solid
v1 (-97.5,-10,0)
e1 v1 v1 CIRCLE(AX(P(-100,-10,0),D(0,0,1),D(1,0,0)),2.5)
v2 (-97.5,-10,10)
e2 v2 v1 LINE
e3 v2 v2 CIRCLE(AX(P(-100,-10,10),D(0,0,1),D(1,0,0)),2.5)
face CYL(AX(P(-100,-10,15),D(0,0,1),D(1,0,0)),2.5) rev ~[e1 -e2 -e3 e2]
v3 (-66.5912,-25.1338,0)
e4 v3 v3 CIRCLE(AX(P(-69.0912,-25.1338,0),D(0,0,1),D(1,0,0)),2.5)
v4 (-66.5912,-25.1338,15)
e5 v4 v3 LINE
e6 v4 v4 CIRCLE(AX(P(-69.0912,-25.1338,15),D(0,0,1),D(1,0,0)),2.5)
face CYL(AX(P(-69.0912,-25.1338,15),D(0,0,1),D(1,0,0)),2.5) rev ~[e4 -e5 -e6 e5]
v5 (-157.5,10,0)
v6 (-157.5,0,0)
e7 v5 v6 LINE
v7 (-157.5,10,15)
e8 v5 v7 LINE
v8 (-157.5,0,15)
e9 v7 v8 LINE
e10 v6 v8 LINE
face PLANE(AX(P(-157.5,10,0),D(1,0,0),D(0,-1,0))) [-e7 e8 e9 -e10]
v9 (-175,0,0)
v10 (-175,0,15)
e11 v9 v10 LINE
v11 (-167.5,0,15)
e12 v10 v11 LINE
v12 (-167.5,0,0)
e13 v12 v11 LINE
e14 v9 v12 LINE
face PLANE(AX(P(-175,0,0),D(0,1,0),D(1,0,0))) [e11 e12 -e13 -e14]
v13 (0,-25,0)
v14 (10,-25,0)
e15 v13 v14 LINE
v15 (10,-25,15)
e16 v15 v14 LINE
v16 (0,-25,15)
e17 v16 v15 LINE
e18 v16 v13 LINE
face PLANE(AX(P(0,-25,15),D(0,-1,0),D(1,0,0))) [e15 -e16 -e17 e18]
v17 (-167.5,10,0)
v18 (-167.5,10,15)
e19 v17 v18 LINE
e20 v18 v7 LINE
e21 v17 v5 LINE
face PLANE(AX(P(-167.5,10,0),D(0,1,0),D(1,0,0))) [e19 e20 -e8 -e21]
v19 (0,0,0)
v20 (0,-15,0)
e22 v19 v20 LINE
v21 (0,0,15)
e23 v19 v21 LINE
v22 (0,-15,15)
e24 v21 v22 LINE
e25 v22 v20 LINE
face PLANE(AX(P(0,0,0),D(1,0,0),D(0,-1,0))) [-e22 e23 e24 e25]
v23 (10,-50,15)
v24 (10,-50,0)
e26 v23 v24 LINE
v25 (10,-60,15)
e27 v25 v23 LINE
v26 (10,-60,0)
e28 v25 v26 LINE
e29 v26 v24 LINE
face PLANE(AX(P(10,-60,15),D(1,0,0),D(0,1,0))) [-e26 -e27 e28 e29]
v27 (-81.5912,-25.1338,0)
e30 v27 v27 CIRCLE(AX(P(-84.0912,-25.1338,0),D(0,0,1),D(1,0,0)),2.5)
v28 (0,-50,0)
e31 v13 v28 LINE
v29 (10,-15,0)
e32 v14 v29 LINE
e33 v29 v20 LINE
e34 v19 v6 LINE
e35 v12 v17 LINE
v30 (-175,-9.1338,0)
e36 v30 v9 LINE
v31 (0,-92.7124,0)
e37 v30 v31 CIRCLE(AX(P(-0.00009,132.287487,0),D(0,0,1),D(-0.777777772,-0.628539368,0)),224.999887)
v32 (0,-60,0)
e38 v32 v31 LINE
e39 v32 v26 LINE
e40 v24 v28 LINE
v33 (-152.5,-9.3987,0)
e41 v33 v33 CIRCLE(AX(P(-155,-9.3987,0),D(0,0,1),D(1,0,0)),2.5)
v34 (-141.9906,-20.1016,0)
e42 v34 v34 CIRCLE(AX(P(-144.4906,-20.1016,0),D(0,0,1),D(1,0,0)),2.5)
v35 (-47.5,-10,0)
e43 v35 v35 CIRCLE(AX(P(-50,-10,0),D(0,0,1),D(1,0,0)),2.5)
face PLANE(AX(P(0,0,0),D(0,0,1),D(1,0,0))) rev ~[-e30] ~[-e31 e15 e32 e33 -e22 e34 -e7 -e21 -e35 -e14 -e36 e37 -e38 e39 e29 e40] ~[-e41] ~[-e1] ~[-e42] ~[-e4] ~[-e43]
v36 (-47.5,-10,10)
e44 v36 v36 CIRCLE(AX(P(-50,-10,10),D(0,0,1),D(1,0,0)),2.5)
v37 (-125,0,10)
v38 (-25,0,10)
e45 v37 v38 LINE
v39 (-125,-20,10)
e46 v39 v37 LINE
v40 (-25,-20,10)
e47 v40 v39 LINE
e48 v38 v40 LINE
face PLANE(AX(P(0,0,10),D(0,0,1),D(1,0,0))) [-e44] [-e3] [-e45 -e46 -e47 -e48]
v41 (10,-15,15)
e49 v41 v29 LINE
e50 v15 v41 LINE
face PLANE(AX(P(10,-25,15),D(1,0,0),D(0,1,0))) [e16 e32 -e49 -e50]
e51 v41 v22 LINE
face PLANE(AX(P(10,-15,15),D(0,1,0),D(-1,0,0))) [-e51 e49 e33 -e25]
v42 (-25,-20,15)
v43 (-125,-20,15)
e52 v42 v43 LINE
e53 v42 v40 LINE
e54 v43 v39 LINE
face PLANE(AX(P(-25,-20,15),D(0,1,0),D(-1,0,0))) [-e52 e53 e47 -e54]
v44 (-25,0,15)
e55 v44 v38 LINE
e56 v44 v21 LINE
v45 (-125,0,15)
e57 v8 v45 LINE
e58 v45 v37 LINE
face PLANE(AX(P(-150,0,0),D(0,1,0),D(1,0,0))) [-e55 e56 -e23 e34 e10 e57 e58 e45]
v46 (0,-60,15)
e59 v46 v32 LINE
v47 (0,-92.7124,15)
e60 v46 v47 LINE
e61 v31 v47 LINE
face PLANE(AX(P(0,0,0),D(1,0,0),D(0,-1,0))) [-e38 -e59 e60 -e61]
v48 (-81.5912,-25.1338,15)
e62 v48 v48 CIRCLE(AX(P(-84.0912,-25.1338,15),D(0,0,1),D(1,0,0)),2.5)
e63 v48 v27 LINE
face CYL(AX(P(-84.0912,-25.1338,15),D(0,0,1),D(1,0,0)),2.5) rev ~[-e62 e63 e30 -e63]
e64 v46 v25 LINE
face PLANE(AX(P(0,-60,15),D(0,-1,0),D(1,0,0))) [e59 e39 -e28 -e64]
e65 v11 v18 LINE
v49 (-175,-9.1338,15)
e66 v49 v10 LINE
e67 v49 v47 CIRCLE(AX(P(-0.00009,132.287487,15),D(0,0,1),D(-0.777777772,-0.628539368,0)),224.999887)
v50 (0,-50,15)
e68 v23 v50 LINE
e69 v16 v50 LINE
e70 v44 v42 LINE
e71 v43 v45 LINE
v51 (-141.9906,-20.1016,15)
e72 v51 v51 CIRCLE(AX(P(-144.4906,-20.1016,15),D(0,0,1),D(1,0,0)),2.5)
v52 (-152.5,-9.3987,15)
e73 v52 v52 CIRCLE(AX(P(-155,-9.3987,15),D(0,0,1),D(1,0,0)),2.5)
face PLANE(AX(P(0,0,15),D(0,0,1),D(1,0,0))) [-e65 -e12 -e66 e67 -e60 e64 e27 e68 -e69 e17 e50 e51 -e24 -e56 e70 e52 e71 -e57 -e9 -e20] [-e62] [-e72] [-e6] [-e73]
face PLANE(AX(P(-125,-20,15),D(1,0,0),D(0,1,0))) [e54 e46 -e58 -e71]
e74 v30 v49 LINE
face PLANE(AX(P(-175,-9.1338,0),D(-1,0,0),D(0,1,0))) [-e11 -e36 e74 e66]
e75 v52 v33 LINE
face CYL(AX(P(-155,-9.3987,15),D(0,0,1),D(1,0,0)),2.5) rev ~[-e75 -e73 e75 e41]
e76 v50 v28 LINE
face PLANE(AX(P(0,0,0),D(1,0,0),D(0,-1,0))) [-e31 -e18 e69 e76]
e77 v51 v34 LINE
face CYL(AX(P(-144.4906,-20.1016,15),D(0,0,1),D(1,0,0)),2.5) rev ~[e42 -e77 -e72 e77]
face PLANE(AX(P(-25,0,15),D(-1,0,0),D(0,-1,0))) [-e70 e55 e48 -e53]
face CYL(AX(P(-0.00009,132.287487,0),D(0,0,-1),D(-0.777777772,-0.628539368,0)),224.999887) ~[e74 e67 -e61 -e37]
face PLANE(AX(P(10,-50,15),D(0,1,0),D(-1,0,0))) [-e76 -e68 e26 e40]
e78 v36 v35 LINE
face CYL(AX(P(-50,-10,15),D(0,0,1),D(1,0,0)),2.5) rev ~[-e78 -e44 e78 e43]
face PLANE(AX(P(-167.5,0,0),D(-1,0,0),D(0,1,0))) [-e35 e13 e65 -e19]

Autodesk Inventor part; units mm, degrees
ref_plane "YZ Plane" through (0, 0, 0) normal (1, 0, 0) x (0, 1, 0)
ref_plane "XZ Plane" through (0, 0, 0) normal (0, 1, 0) x (-1, 0, 0)
ref_plane "XY Plane" through (0, 0, 0) normal (0, 0, 1) x (1, 0, 0)
sketch "Sketch1" plane through (0, 0, 0) normal (0, 0, 1) x (1, 0, 0)
  circle A0 centre (0, 132.2876) radius 225 construction
  circle A1 centre (0, 132.2876) radius 200 construction
  line L0 (-225, 132.2876) -> (-150, 132.2876) construction
  line L1 (-150, 132.2876) -> (-150, -35.4175) construction
  line L2 (-175, 132.2876) -> (-175, -9.1338) construction
  line L3 (0, 132.2876) -> (0, -92.7124) construction
  line L4 (-150, 0) -> (0, 0)
  line L5 (-175, -9.1338) -> (-175, 0)
  line L6 (0, 0) -> (0, -92.7124)
  arc A2 (-175, -9.1338) -> (0, -92.7124) centre (0, 132.2876) ccw
  line L7 (-167.5, 0) -> (-167.5, 10)
  line L8 (-167.5, 10) -> (-157.5, 10)
  line L9 (-157.5, 10) -> (-157.5, 0)
  line L10 (-175, 0) -> (-167.5, 0)
  line L11 (-157.5, 0) -> (-150, 0)
  dimension "d0" = 450
  dimension "d1" = 25
  dimension "d2" = 75
  dimension "d3" = 25
  dimension "d14" = 10
  dimension "d15" = 10
  dimension "d16" = 90
  dimension "d17" = 7.5
extrude "Extrusion1" add sketch "Sketch1" along normal blind 15
sketch "Sketch2" plane through (0, 0, 15) normal (0, 0, 1) x (1, 0, 0)
  line L0 (10, -15) -> (0, -15)
  line L1 (0, -15) -> (0, -25)
  line L2 (0, -25) -> (10, -25)
  line L3 (10, -25) -> (10, -15)
  line L4 (10, -50) -> (0, -50)
  line L5 (0, -50) -> (0, -60)
  line L6 (0, -60) -> (10, -60)
  line L7 (10, -60) -> (10, -50)
  line L8 (0, 0) -> (0, -95.6231) construction
  line L9 (0, -92.7124) -> (0, 0) construction
  dimension "d6" = 10
  dimension "d7" = 10
  dimension "d8" = 10
  dimension "d9" = 10
  dimension "d10" = 15
  dimension "d11" = 25
extrude "Extrusion2" add sketch "Sketch2" against normal blind 15
sketch "Sketch3" plane through (0, 0, 15) normal (0, 0, 1) x (1, 0, 0)
  line L0 (-25, 0) -> (-125, 0) construction
  line L1 (-125, 0) -> (-125, -20) construction
  line L2 (-125, -20) -> (-25, -20) construction
  line L3 (-25, -20) -> (-25, 0) construction
  line L4 (0, 0) -> (-157.5, 0) construction
  circle A0 centre (-100, -10) radius 2.5
  circle A1 centre (-50, -10) radius 2.5
  dimension "d18" = 100
  dimension "d19" = 20
  dimension "d20" = 25
  dimension "d21" = 5
  dimension "d22" = 5
  dimension "d23" = 25
  dimension "d24" = 25
extrude "Extrusion3" cut sketch "Sketch3" against normal through all
thread "Thread1" size "M5x0.8" class "6H" standard "ANSI Metric M Profile" full length
thread "Thread2" size "M5x0.8" class "6H" standard "ANSI Metric M Profile" full length
sketch "Sketch5" plane through (0, 0, 15) normal (0, 0, 1) x (1, 0, 0)
  line L0 (-125, 0) -> (-25, 0)
  line L1 (-25, 0) -> (-25, -20)
  line L2 (-25, -20) -> (-125, -20)
  line L3 (-125, -20) -> (-125, 0)
  point P0 (0, 0)
  dimension "d31" = 100
  dimension "d32" = 20
  dimension "d33" = 25
extrude "Extrusion4" cut sketch "Sketch5" against normal blind 5
sketch "Sketch6" plane through (0, 0, 15) normal (0, 0, 1) x (1, 0, 0)
  circle A0 centre (0, 132.2876) radius 225 construction
  arc A1 (-175, -9.1338) -> (0, -92.7124) centre (0, 132.2876) ccw construction
  circle A2 centre (0, 132.2876) radius 210 construction
  circle A3 centre (-155, -9.3987) radius 2.5
  circle A4 centre (-144.4906, -20.1016) radius 2.5
  line L0 (-175, 0) -> (-175, -9.1338) projected
  point P0 (0, 0)
  dimension "d36" = 450
  dimension "d37" = 15
  dimension "d38" = 5
  dimension "d39" = 5
  dimension "d40" = 15
  dimension "d41" = 20
extrude "Extrusion5" cut sketch "Sketch6" against normal through all
thread "Thread3" size "M5x0.8" class "6H" standard "ANSI Metric M Profile" full length
thread "Thread4" size "M5x0.8" class "6H" standard "ANSI Metric M Profile" full length
sketch "Sketch7" plane through (0, 0, 15) normal (0, 0, 1) x (1, 0, 0)
  circle A0 centre (-84.0912, -25.1338) radius 2.5
  circle A1 centre (-69.0912, -25.1338) radius 2.5
  line L0 (-125, 0) -> (-25, 0) projected
  line L1 (-175, 0) -> (-175, -9.1338) construction
  line L2 (-175, -9.1338) -> (22.4277, -9.1338) construction
  point P0 (0, 0)
  dimension "d48" = 5
  dimension "d49" = 5
  dimension "d50" = 69.0912
  dimension "d51" = 15
  dimension "d53" = 16
extrude "Extrusion6" cut sketch "Sketch7" against normal through all
thread "Thread5" size "M5x0.8" class "6H" standard "ANSI Metric M Profile" full length
thread "Thread6" size "M5x0.8" class "6H" standard "ANSI Metric M Profile" full length
properties part number "CP004" material "ABS Plastic"
